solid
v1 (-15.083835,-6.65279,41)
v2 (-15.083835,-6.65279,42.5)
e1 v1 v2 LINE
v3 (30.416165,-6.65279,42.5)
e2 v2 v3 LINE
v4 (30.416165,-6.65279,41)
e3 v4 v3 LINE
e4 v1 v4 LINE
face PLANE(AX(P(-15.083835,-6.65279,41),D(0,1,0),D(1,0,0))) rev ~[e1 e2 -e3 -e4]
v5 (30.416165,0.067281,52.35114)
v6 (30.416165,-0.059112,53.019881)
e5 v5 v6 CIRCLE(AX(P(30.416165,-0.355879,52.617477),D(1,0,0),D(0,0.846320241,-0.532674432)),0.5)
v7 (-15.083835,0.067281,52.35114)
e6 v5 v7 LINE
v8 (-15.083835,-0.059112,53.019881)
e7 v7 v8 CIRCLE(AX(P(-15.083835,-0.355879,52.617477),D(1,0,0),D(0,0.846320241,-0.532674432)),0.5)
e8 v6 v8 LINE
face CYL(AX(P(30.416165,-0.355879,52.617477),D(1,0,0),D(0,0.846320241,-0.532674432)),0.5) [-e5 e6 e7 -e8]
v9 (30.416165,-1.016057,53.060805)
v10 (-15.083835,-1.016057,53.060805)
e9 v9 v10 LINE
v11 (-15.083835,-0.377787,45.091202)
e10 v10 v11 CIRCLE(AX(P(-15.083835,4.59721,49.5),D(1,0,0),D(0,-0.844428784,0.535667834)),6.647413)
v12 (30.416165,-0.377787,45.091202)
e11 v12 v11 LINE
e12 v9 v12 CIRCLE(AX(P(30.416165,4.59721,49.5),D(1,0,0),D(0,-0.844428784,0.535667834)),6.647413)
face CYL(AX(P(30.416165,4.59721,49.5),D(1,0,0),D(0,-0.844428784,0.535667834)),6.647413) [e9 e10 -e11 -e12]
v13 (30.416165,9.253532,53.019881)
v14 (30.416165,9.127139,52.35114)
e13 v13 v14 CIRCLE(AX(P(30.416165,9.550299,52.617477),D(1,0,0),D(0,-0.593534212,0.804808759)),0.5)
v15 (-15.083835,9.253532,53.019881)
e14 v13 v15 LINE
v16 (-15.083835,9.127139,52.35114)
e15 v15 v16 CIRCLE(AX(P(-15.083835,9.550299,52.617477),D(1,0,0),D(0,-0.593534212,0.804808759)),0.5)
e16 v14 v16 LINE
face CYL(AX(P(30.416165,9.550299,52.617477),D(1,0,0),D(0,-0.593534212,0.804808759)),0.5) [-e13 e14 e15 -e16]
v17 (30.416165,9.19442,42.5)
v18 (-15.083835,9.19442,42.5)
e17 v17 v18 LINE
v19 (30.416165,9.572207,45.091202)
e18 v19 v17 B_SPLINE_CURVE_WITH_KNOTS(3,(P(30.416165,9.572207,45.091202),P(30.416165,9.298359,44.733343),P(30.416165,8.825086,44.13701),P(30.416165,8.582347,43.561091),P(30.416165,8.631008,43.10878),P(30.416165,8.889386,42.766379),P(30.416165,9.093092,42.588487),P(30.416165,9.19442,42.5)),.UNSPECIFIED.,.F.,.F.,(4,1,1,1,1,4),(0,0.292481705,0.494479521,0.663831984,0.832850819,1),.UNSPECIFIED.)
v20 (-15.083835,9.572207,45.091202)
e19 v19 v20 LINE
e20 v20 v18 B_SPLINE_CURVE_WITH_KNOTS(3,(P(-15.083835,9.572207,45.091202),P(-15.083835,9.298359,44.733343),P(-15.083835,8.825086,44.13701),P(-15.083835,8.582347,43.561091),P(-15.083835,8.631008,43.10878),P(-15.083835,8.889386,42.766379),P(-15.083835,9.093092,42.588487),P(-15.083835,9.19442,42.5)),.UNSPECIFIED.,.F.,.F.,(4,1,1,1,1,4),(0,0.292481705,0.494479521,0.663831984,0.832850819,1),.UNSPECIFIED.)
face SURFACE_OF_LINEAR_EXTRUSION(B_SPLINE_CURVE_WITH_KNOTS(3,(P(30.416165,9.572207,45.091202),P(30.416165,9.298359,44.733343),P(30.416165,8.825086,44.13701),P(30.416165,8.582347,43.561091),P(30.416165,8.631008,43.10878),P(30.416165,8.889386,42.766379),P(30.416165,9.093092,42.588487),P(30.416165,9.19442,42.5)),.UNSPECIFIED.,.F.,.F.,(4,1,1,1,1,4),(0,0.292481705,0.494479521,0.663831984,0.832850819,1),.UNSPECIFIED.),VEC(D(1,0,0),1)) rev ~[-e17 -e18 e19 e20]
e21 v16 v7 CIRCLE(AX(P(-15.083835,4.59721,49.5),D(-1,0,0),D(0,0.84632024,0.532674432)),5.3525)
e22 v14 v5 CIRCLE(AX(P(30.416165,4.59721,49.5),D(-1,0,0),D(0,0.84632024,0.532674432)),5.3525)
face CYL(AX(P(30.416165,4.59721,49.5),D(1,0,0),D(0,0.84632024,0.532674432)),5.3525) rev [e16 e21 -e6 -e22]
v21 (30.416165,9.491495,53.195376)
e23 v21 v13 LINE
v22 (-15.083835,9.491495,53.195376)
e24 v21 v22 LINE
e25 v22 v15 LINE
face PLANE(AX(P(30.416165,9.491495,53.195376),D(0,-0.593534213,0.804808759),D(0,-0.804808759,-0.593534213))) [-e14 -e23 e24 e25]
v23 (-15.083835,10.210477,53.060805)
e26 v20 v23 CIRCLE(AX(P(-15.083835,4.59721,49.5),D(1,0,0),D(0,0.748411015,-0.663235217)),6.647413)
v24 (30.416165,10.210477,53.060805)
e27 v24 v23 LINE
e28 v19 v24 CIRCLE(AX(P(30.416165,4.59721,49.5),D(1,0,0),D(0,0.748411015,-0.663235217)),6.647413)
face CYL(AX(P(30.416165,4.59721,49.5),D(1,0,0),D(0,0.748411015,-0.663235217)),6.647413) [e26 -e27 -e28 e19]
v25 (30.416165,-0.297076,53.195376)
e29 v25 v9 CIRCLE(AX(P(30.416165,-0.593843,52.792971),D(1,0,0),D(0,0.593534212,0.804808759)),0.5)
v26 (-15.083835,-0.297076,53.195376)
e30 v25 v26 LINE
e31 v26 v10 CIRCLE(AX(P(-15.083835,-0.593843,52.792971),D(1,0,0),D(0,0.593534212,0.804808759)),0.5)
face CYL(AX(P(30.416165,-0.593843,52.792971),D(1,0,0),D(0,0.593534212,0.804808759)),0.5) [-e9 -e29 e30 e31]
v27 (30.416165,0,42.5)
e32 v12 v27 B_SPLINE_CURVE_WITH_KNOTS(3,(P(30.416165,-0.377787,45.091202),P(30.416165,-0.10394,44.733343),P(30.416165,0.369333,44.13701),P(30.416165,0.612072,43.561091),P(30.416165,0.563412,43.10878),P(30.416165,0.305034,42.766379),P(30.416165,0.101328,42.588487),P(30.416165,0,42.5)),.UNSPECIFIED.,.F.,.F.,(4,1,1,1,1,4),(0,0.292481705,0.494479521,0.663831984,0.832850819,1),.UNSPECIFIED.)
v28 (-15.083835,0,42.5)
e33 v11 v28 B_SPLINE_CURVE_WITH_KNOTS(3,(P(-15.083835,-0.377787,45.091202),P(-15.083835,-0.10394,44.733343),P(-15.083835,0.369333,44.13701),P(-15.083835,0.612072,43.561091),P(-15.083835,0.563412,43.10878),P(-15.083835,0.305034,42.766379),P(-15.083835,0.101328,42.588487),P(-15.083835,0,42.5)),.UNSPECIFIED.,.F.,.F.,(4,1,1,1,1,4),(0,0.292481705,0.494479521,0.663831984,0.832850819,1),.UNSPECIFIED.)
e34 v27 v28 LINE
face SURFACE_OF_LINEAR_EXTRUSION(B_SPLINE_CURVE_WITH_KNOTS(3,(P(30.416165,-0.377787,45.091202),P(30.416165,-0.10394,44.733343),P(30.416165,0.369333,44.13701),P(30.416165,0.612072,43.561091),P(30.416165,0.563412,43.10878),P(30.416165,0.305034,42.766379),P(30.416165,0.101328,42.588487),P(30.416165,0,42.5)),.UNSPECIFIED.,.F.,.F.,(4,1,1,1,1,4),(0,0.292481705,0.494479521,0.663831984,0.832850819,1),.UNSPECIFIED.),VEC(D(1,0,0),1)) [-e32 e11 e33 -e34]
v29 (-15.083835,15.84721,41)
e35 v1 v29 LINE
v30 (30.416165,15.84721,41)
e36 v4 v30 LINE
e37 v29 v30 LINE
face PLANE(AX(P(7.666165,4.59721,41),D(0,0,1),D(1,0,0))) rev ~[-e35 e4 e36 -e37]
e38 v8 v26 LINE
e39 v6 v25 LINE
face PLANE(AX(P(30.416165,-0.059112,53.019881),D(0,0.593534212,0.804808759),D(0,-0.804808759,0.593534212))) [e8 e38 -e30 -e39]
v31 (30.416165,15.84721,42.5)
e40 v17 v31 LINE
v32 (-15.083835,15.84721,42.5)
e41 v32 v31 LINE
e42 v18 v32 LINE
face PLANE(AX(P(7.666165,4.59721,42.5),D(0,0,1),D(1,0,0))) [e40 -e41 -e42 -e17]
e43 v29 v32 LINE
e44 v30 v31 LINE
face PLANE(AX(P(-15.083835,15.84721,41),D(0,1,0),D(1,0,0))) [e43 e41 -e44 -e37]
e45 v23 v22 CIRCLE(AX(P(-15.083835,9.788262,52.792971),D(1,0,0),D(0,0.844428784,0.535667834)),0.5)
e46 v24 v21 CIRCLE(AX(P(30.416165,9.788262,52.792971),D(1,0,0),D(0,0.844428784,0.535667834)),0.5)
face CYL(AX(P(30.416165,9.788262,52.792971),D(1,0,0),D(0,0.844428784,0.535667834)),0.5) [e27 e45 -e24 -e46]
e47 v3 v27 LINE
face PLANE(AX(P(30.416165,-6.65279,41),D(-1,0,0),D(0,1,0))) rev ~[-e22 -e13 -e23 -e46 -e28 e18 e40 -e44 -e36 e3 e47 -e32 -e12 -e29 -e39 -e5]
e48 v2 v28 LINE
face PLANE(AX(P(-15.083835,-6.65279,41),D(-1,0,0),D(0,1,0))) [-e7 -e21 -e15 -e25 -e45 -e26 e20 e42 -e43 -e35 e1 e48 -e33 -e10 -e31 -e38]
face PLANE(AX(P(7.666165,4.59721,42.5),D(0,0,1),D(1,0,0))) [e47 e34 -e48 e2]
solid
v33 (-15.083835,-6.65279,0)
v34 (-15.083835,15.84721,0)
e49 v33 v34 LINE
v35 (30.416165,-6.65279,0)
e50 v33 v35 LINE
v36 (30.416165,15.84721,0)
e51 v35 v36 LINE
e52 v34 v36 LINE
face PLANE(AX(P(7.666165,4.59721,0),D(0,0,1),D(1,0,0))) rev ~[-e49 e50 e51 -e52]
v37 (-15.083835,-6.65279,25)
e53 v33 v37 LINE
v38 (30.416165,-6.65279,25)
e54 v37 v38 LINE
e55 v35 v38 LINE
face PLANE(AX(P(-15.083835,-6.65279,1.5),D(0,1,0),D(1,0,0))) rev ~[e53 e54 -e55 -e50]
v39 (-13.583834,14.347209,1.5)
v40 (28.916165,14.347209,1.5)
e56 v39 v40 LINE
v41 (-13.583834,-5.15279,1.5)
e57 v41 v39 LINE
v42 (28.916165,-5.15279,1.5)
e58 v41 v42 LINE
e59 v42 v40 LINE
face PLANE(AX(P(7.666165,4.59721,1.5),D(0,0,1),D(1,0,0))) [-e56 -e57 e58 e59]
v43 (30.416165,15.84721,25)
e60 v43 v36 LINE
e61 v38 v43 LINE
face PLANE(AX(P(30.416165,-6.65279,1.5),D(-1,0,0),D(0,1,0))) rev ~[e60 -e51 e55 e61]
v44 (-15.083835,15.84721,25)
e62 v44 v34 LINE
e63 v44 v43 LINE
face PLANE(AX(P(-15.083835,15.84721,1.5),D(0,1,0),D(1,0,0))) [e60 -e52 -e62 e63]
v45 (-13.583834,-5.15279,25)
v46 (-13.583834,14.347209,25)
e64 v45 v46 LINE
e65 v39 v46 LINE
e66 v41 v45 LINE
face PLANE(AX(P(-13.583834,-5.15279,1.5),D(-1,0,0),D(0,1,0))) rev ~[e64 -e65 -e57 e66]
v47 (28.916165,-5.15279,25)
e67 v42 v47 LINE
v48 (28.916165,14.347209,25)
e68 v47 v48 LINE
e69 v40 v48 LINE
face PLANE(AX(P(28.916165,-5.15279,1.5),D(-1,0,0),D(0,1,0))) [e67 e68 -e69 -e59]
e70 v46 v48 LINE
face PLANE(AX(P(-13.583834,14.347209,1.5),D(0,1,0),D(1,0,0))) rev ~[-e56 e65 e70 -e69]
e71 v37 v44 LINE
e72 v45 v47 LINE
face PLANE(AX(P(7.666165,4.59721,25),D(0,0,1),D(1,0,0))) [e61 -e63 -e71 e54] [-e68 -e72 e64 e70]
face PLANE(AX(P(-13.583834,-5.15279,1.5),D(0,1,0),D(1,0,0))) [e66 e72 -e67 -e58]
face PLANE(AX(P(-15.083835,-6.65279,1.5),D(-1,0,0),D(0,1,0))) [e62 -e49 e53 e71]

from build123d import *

# Parameters (mm, degrees)
F0_W     = 45.5
F0_H     = 22.5
F1_DEPTH = 1.5
F3_W     = 45.5
F3_H     = 22.5
F3_W_2   = 42.4999991808
F3_H_2   = 19.4999991808
F4_DEPTH = 23.5
F6_W     = 45.5
F6_H     = 22.5
F7_DEPTH = 1.5
F9_DEPTH = 45.5


with BuildPart() as f1:
    # F0 (on Top) → F1 (new body)
    with BuildSketch(Plane.XY):
        with Locations((7.6661653073, 4.5972098559)):
            Rectangle(F0_W, F0_H)
    extrude(amount=F1_DEPTH)

    # F3 (on offset) → F4 (join)
    with BuildSketch(Plane.XY.offset(1.5)):
        with Locations((7.6661653073, 4.5972098559)):
            Rectangle(F3_W, F3_H)
        with Locations((7.6661653073, 4.5972098559)):
            Rectangle(F3_W_2, F3_H_2, mode=Mode.SUBTRACT)
    extrude(amount=F4_DEPTH)


with BuildPart() as f7:
    # F6 (on offset) → F7 (new body)
    with BuildSketch(Plane.XY.offset(41)):
        with Locations((7.6661653073, 4.5972098559)):
            Rectangle(F6_W, F6_H)
    extrude(amount=F7_DEPTH)

    # F8 (on face) → F9 (join)
    with BuildSketch(Plane.YZ.offset(30.4161653073)):
        with BuildLine():
            add(Edge.make_bspline(
                [(-0.3777872455, 45.0912016029), (-0.1039396637, 44.7333429632), (0.3693333154, 44.1370098593), (0.6120724501, 43.5610906711), (0.5634119243, 43.1087799015), (0.3050337288, 42.7663792708), (0.1013277006, 42.5884866561), (0, 42.5)],
                knots=[0, 0, 0, 0, 0.2924817046, 0.4944795212, 0.6638319838, 0.8328508189, 1, 1, 1, 1], degree=3))
            Line((0, 42.5), (9.1944197118, 42.5))
            add(Edge.make_bspline(
                [(9.5722069573, 45.0912016029), (9.2983593755, 44.7333429632), (8.8250863964, 44.1370098593), (8.5823472618, 43.5610906711), (8.6310077876, 43.1087799015), (8.889385983, 42.7663792708), (9.0930920113, 42.5884866561), (9.1944197118, 42.5)],
                knots=[0, 0, 0, 0, 0.2924817046, 0.4944795212, 0.6638319838, 0.8328508189, 1, 1, 1, 1], degree=3))
            ThreePointArc((9.5722069573, 45.0912016029), (11.2234063009, 48.9693210595), (10.2104767237, 53.0608053213))
            ThreePointArc((10.2104767237, 53.0608053213), (9.8802490575, 53.2844370105), (9.4914952255, 53.1953757836))
            Line((9.4914952255, 53.1953757836), (9.2535319566, 53.019881494))
            ThreePointArc((9.2535319566, 53.019881494), (9.0589970851, 52.7103338144), (9.1271389426, 52.3511398983))
            ThreePointArc((9.1271389426, 52.3511398983), (4.5972098559, 44.1475), (0.0672807693, 52.3511398983))
            ThreePointArc((0.0672807693, 52.3511398983), (0.1354226267, 52.7103338144), (-0.0591122447, 53.019881494))
            Line((-0.0591122447, 53.019881494), (-0.2970755137, 53.1953757836))
            ThreePointArc((-0.2970755137, 53.1953757836), (-0.6858293456, 53.2844370105), (-1.0160570119, 53.0608053213))
            ThreePointArc((-1.0160570119, 53.0608053213), (-2.028986589, 48.9693210595), (-0.3777872455, 45.0912016029))
        make_face()
    extrude(amount=-F9_DEPTH)


solid = Compound([f1.part, f7.part])
